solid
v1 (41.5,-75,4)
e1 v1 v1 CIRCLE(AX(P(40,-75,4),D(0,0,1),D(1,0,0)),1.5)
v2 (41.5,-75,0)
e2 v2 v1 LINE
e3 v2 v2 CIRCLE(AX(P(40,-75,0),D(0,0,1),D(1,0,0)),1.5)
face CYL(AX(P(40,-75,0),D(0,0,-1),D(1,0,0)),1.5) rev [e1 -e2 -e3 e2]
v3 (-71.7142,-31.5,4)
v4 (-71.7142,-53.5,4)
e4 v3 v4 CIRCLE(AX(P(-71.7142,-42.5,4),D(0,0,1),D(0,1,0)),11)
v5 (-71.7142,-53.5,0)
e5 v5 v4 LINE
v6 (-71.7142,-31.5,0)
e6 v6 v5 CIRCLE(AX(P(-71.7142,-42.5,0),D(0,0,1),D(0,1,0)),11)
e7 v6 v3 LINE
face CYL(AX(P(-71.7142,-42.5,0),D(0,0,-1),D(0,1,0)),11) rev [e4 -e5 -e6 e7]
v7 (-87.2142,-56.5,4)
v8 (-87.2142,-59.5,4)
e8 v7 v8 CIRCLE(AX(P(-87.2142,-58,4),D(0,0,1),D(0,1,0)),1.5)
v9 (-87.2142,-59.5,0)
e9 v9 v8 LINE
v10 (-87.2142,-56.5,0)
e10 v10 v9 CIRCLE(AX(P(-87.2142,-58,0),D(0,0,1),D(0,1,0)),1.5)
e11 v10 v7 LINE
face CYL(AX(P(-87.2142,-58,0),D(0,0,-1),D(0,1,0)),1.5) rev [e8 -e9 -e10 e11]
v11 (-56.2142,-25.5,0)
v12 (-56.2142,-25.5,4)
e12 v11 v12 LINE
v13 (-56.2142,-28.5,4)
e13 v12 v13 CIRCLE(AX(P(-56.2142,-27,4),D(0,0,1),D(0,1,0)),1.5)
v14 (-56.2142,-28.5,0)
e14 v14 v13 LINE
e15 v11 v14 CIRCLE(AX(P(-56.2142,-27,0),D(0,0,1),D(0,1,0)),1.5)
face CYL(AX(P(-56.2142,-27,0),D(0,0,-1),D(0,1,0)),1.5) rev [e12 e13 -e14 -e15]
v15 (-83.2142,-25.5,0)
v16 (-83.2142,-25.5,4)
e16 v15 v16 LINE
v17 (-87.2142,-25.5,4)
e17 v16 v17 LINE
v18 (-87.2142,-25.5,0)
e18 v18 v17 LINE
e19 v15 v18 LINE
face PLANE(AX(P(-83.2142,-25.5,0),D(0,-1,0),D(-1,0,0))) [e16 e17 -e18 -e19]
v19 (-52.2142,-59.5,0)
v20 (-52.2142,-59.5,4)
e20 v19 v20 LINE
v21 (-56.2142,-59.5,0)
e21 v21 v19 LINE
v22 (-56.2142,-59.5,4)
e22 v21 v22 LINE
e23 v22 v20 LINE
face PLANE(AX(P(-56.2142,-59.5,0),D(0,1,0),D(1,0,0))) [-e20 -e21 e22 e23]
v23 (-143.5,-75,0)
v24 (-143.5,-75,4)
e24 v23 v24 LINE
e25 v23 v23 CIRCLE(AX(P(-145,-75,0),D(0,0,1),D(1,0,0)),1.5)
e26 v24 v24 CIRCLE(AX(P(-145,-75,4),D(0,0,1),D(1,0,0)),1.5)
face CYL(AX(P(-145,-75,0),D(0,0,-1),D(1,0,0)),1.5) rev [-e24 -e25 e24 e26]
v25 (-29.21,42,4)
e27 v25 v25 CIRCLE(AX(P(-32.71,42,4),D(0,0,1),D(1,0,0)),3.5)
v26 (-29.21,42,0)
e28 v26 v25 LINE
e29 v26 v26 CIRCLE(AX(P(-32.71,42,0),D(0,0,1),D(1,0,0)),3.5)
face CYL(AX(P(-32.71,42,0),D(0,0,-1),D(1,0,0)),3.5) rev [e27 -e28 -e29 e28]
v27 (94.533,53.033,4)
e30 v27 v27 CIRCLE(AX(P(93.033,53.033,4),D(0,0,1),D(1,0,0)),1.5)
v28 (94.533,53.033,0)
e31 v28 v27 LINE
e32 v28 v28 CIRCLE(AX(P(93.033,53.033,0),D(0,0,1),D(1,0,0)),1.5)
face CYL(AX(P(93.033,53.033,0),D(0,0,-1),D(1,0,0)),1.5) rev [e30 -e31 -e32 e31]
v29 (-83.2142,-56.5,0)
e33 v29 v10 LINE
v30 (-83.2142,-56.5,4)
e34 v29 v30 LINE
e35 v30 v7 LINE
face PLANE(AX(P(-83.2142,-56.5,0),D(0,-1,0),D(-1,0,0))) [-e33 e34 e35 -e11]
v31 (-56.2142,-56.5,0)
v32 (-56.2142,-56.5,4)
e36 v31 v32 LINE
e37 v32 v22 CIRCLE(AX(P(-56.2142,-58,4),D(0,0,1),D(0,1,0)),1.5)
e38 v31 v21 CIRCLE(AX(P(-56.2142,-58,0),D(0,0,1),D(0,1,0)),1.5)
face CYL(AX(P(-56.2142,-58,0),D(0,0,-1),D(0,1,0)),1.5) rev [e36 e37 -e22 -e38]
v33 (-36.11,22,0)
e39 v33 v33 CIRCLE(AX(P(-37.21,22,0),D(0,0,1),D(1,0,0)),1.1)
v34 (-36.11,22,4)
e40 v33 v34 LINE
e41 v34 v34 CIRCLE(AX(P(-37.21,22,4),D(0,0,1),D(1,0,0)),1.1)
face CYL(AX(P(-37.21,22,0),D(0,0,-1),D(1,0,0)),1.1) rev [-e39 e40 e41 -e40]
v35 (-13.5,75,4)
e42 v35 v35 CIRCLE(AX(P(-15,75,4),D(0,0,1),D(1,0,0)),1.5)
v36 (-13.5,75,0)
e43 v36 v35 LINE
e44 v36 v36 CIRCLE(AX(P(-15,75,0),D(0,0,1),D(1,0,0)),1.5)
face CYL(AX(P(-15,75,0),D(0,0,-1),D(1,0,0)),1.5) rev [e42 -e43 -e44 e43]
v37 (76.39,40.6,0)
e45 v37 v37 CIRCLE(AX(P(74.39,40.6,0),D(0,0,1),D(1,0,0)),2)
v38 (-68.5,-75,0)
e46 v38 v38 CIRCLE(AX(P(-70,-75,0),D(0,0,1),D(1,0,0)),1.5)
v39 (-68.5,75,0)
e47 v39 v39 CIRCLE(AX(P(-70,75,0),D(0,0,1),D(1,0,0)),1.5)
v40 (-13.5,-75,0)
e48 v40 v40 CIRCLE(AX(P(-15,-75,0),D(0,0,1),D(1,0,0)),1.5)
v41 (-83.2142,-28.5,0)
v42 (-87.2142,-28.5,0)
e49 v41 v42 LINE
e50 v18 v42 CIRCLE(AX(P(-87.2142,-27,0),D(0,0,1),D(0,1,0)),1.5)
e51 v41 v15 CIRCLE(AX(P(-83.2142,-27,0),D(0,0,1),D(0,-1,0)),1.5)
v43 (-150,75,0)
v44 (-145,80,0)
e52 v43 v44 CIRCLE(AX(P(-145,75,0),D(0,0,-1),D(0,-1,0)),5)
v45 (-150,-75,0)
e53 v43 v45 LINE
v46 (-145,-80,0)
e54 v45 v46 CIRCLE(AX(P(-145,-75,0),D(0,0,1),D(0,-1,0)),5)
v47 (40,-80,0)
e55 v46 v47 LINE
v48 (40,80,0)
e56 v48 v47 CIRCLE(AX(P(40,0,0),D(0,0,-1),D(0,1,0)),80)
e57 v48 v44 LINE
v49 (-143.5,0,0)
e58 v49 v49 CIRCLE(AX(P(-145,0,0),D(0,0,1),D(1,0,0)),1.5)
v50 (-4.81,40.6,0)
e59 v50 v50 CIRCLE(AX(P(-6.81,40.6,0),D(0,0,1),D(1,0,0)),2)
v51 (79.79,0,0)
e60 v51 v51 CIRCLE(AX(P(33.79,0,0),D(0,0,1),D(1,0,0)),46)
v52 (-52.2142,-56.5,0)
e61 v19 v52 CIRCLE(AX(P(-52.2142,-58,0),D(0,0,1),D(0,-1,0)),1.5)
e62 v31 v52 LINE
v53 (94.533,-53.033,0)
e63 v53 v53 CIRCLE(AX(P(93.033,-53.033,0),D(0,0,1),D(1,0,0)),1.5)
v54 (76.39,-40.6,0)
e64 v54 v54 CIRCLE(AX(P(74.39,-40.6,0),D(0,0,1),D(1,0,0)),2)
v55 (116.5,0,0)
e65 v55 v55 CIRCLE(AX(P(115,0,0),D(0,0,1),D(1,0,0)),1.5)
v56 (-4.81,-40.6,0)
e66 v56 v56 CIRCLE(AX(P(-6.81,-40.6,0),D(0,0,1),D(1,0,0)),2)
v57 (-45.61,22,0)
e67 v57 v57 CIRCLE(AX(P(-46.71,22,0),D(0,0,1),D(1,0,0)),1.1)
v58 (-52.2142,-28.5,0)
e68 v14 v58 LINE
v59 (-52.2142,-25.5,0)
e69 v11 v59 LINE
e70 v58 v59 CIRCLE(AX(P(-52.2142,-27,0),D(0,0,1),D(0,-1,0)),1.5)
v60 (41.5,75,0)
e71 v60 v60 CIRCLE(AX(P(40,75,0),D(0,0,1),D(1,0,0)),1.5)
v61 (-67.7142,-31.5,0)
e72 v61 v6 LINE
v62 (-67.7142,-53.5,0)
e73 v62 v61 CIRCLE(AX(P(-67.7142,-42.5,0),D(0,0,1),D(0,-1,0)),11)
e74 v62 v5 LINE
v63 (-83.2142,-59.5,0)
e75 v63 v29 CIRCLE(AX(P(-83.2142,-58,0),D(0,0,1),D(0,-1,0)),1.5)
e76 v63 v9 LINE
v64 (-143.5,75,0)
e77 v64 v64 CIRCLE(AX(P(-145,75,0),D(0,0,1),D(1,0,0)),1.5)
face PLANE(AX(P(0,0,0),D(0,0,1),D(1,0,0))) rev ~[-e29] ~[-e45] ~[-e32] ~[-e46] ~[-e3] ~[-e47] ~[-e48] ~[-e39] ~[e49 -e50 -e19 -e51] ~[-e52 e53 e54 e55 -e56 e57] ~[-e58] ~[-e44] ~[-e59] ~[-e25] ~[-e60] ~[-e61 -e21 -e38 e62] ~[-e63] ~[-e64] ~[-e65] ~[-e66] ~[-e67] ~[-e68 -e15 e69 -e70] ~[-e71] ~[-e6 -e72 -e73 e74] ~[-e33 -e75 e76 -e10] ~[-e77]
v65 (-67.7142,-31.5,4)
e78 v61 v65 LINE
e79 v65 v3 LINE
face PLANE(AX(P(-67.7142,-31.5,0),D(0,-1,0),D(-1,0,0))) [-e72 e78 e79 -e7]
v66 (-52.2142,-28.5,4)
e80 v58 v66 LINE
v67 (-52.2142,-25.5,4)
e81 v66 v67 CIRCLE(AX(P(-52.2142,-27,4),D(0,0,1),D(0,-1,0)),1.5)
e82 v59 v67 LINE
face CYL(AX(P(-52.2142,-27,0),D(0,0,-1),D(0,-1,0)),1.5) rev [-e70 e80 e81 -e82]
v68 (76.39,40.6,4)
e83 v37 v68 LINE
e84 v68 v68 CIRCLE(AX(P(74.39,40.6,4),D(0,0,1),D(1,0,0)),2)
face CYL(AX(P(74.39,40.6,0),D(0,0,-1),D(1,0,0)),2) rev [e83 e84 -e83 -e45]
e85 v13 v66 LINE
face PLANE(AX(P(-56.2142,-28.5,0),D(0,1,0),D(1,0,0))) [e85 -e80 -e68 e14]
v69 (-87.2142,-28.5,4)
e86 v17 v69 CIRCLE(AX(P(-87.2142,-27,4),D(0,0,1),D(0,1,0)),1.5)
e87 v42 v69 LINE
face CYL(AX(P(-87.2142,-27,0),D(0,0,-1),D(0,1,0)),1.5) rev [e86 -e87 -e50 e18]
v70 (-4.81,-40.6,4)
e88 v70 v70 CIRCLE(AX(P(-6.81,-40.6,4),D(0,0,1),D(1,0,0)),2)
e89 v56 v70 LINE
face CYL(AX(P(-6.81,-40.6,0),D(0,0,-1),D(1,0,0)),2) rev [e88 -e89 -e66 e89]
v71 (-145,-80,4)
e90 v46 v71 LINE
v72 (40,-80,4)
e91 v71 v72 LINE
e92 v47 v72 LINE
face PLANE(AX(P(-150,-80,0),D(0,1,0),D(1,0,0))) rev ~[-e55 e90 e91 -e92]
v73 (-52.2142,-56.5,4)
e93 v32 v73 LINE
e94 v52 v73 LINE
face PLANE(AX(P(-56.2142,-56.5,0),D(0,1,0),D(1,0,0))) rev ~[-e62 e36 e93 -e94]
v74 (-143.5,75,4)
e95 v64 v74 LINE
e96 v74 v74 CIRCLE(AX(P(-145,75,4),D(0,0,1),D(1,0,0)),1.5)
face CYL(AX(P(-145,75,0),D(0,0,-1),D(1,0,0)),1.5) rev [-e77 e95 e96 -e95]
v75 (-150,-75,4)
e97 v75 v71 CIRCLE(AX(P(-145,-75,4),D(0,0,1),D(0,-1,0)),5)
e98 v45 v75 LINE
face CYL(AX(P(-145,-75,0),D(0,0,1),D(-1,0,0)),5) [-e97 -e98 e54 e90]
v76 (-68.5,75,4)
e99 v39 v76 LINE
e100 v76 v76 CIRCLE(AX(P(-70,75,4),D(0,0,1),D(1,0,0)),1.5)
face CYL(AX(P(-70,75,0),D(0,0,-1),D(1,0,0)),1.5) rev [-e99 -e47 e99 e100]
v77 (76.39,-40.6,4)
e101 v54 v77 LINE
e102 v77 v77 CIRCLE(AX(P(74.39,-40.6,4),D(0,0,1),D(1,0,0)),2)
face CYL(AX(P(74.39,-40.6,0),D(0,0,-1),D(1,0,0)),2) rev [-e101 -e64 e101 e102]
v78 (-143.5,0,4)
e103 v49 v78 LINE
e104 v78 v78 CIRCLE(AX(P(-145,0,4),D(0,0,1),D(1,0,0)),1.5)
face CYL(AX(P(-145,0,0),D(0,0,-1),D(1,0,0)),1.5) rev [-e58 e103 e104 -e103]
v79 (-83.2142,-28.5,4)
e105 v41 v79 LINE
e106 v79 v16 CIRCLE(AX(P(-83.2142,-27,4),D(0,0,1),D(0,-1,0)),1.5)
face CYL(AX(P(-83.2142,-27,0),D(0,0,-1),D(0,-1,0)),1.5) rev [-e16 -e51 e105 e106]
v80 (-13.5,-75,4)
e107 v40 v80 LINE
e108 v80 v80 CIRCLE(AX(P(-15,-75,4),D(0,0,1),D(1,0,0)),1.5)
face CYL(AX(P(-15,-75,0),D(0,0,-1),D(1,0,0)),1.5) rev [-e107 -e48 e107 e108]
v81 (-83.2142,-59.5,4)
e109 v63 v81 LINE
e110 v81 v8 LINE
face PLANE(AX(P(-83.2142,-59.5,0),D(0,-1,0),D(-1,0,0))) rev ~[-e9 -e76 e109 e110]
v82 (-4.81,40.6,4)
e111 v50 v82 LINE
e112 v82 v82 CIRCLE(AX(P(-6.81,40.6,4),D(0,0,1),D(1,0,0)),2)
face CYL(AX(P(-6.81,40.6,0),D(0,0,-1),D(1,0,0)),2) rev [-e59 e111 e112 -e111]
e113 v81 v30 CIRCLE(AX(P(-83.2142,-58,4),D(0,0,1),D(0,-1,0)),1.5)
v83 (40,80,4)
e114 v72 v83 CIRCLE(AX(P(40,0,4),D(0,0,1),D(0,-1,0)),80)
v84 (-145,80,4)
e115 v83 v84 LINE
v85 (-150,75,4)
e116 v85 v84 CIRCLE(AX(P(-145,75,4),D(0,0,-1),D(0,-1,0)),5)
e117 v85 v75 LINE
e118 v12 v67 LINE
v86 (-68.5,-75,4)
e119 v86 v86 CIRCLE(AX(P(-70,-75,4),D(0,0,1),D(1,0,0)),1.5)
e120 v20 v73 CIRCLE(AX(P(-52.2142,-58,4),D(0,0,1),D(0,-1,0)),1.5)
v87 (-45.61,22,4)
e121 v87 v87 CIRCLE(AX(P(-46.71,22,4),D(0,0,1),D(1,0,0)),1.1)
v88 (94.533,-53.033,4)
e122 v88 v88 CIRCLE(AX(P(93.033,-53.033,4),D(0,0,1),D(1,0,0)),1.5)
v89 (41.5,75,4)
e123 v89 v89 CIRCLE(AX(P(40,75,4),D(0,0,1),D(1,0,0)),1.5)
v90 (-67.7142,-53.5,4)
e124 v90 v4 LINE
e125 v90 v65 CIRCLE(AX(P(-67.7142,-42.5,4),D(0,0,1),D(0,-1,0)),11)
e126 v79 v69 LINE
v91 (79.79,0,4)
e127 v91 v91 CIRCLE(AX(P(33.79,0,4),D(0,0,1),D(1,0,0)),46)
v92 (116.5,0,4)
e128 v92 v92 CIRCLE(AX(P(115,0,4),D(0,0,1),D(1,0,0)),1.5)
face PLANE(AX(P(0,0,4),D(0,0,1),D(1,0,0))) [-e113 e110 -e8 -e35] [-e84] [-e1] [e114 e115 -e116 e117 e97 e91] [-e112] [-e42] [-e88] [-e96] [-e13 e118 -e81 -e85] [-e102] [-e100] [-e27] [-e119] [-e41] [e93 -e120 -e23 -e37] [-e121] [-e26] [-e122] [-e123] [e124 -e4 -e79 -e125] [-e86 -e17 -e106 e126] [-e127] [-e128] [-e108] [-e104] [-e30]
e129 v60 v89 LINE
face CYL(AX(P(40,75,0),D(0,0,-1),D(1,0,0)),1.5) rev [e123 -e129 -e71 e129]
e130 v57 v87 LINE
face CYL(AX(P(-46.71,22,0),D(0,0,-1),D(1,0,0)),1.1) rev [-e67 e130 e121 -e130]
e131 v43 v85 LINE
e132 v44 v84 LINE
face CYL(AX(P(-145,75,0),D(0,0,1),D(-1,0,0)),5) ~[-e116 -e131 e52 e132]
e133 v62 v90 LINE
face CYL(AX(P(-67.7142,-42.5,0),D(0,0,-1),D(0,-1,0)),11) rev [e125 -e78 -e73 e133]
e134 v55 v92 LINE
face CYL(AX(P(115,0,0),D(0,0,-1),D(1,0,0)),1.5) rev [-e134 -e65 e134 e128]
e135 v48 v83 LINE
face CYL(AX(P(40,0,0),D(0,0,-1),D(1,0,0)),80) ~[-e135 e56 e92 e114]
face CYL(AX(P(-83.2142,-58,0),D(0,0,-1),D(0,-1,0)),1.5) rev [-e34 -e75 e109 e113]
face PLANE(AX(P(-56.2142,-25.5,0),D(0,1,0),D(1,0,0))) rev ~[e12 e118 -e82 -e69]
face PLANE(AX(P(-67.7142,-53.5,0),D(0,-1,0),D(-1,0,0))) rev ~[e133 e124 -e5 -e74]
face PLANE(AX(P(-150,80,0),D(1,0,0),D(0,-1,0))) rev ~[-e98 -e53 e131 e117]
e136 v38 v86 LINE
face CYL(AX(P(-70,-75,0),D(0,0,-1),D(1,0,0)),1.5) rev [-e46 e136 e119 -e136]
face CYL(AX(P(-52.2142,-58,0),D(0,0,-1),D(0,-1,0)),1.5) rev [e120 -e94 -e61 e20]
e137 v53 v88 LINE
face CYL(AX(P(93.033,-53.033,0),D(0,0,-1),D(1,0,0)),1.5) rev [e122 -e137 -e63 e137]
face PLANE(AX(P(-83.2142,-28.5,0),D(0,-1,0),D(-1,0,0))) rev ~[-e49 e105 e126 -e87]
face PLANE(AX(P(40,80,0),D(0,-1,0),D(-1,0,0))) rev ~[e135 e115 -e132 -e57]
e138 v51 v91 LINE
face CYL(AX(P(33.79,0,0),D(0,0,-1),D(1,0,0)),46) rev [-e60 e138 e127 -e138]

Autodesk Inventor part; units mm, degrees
ref_plane "YZ Plane" through (0, 0, 0) normal (1, 0, 0) x (0, 1, 0)
ref_plane "XZ Plane" through (0, 0, 0) normal (0, 1, 0) x (-1, 0, 0)
ref_plane "XY Plane" through (0, 0, 0) normal (0, 0, 1) x (1, 0, 0)
sketch "Sketch1" plane through (0, 0, 0) normal (0, 0, 1) x (1, 0, 0)
  line L0 (-150, -80) -> (40, -80)
  line L1 (40, 80) -> (-150, 80)
  line L2 (-150, 80) -> (-150, -80)
  line L3 (-150, 0) -> (-107, 0) construction
  line L4 (-107, 0) -> (33.79, 0) construction
  line L5 (33.79, -40.6) -> (33.79, 40.6) construction
  line L6 (-6.81, 0) -> (74.39, 0) construction
  line L7 (33.79, 40.6) -> (74.39, 40.6) construction
  line L8 (74.39, 40.6) -> (74.39, 0) construction
  circle A0 centre (74.39, 40.6) radius 2
  circle A1 centre (74.39, -40.6) radius 2
  circle A2 centre (-6.81, 40.6) radius 2
  circle A3 centre (-6.81, -40.6) radius 2
  line L9 (33.79, 0) -> (33.79, 47) construction
  line L10 (33.79, 0) -> (33.79, -47) construction
  line L11 (-107, -80) -> (-107, -42.5) construction
  line L12 (-107, -42.5) -> (-71.7142, -42.5) construction
  line L13 (33.79, 0) -> (-69.7142, -42.5) construction
  circle A4 centre (-69.7142, -42.5) radius 11 construction
  line L14 (150, 0) -> (120, 0) construction
  line L15 (120, 0) -> (120, 0)
  arc A5 (40, -80) -> (120, 0) centre (40, 0) ccw
  arc A6 (120, 0) -> (40, 80) centre (40, 0) ccw
  line L16 (120, 0) -> (115, 0) construction
  circle A7 centre (115, 0) radius 1.5
  line L17 (40, 0) -> (96.5685, 56.5685) construction
  line L18 (96.5685, -56.5685) -> (93.033, -53.033) construction
  circle A8 centre (93.033, -53.033) radius 1.5
  line L19 (40, -80) -> (40, -75) construction
  circle A9 centre (40, -75) radius 1.5
  line L20 (40, -75) -> (-15, -75) construction
  line L21 (-15, -75) -> (-70, -75) construction
  line L22 (-150, -75) -> (-145, -75) construction
  circle A10 centre (-15, -75) radius 1.5
  circle A11 centre (-70, -75) radius 1.5
  circle A12 centre (-145, -75) radius 1.5
  circle A13 centre (-145, 0) radius 1.5
  circle A14 centre (93.033, 53.033) radius 1.5
  circle A15 centre (40, 75) radius 1.5
  circle A16 centre (-15, 75) radius 1.5
  circle A17 centre (-70, 75) radius 1.5
  circle A18 centre (-145, 75) radius 1.5
  line L23 (-145, -80) -> (-145, -75) construction
  line L24 (-150, 0) -> (-145, 0) construction
  line L25 (-71.7142, -42.5) -> (-67.7142, -42.5) construction
  line L26 (-85.2142, -42.5) -> (-54.2142, -42.5) construction
  line L27 (-69.7142, -27) -> (-69.7142, -58) construction
  line L28 (-69.7142, -27) -> (-85.2142, -27) construction
  line L29 (-85.2142, -27) -> (-85.2142, -42.5) construction
  circle A19 centre (-85.2142, -27) radius 1.5 construction
  circle A20 centre (-54.2142, -27) radius 1.5 construction
  circle A21 centre (-54.2142, -58) radius 1.5 construction
  circle A22 centre (-85.2142, -58) radius 1.5 construction
  line L30 (33.79, 0) -> (31.29, 0) construction
  line L31 (33.79, 0) -> (45.79, 0) construction
  line L32 (45.79, 0) -> (45.79, 58) construction
  circle A23 centre (45.79, 58) radius 1.1
  circle A24 centre (45.79, 65) radius 1.1
  line L33 (-83.2142, -27) -> (-87.2142, -27) construction
  arc A25 (-83.2142, -28.5) -> (-83.2142, -25.5) centre (-83.2142, -27) ccw
  line L34 (-83.2142, -28.5) -> (-87.2142, -28.5)
  line L35 (-83.2142, -25.5) -> (-87.2142, -25.5)
  arc A26 (-87.2142, -25.5) -> (-87.2142, -28.5) centre (-87.2142, -27) ccw
  circle A27 centre (-54.2142, -27) radius 1.5 construction
  line L36 (-56.2142, -27) -> (-52.2142, -27) construction
  arc A28 (-56.2142, -25.5) -> (-56.2142, -28.5) centre (-56.2142, -27) ccw
  line L37 (-56.2142, -28.5) -> (-52.2142, -28.5)
  line L38 (-56.2142, -25.5) -> (-52.2142, -25.5)
  arc A29 (-52.2142, -28.5) -> (-52.2142, -25.5) centre (-52.2142, -27) ccw
  line L39 (-69.7142, -58) -> (-85.2142, -58) construction
  circle A30 centre (-85.2142, -58) radius 1.5 construction
  circle A31 centre (-54.2142, -58) radius 1.5 construction
  line L40 (-83.2142, -58) -> (-87.2142, -58) construction
  arc A32 (-83.2142, -59.5) -> (-83.2142, -56.5) centre (-83.2142, -58) ccw
  line L41 (-83.2142, -56.5) -> (-87.2142, -56.5)
  line L42 (-83.2142, -59.5) -> (-87.2142, -59.5)
  arc A33 (-87.2142, -56.5) -> (-87.2142, -59.5) centre (-87.2142, -58) ccw
  line L43 (-56.2142, -56.5) -> (-52.2142, -56.5)
  arc A34 (-52.2142, -59.5) -> (-52.2142, -56.5) centre (-52.2142, -58) ccw
  line L44 (-56.2142, -58) -> (-52.2142, -58) construction
  circle A35 centre (-54.2142, -58) radius 1.5 construction
  line L45 (-56.2142, -59.5) -> (-52.2142, -59.5)
  arc A36 (-56.2142, -56.5) -> (-56.2142, -59.5) centre (-56.2142, -58) ccw
  arc A37 (-71.7142, -31.5) -> (-71.7142, -53.5) centre (-71.7142, -42.5) ccw
  arc A38 (-67.7142, -53.5) -> (-67.7142, -31.5) centre (-67.7142, -42.5) ccw
  line L46 (-67.7142, -31.5) -> (-71.7142, -31.5)
  line L47 (-67.7142, -53.5) -> (-71.7142, -53.5)
  circle A39 centre (-37.21, 22) radius 1.1
  circle A40 centre (-46.71, 22) radius 1.1
  circle A41 centre (-32.71, 42) radius 3.5
  circle A42 centre (33.79, 0) radius 46
  point P0 (0, 0)
  point P1 (120, -80)
  point P2 (120, 0)
  dimension "d4" = 43
  dimension "d6" = 140.79
  dimension "L_furos" = 81.2
  dimension "d9" = 81.2
  dimension "d11" = 4
  dimension "d30" = 47
  dimension "d40" = 37.5
  dimension "d45" = 111.89
  dimension "DN" = 22
  dimension "d47" = 30
  dimension "d49" = 80
  dimension "LF" = 5
  dimension "Furos" = 3
  dimension "d52" = 45
  dimension "d53" = 5
  dimension "d55" = 3
  dimension "d56" = 5
  dimension "d57" = 3
  dimension "d58" = 55
  dimension "d59" = 55
  dimension "d60" = 5
  dimension "d61" = 3
  dimension "d62" = 3
  dimension "d63" = 3
  dimension "d64" = 3
  dimension "d65" = 5
  dimension "d66" = 5
  dimension "d67" = 33.79
  dimension "d68" = 4
  dimension "d69" = 31
  dimension "d70" = 31
  dimension "FN" = 3
  dimension "d72" = 2.5
  dimension "d77" = 12
  dimension "NN" = 4
  dimension "d84" = 3
  dimension "d85" = 1.5
  dimension "d86" = 22
  dimension "d88" = 11
  dimension "d89" = 43
  dimension "d90" = 58
  dimension "d91" = 7
  dimension "d92" = 2.2
  dimension "d93" = 2.2
  dimension "d94" = 80
  dimension "d95" = 80
  dimension "d96" = 40
  dimension "d97" = 150
  dimension "d98" = 2.2
  dimension "d99" = 2.2
  dimension "d100" = 9.5
  dimension "d101" = 22
  dimension "d102" = 71
  dimension "d103" = 20
  dimension "d104" = 7
  dimension "d106" = 14
  dimension "d107" = 92
extrude "Extrusion1" add sketch "Sketch1" along normal blind 4 contours L2 L1 A6 A5 L0 | A23 | A24 | A39 | A40 | A41
extrude "Extrusion5" cut sketch "Sketch1" along normal up to surface (4 mm away) contours A39 | A40 | A41
fillet "Fillet1" radius 5 2 edges at (-150, -80, 2) (-150, 80, 2)
equation "\"d9\" = L_furos"
equation "\"d53\" = LF"
equation "\"d55\" = Furos"
equation "\"d56\" = LF"
equation "\"d57\" = Furos"
equation "\"d60\" = LF"
equation "\"d61\" = Furos"
equation "\"d62\" = Furos"
equation "\"d63\" = Furos"
equation "\"d64\" = Furos"
equation "\"d65\" = LF"
equation "\"d66\" = LF"
properties part number "Base_solida_TestBR" material "Acrilico"
